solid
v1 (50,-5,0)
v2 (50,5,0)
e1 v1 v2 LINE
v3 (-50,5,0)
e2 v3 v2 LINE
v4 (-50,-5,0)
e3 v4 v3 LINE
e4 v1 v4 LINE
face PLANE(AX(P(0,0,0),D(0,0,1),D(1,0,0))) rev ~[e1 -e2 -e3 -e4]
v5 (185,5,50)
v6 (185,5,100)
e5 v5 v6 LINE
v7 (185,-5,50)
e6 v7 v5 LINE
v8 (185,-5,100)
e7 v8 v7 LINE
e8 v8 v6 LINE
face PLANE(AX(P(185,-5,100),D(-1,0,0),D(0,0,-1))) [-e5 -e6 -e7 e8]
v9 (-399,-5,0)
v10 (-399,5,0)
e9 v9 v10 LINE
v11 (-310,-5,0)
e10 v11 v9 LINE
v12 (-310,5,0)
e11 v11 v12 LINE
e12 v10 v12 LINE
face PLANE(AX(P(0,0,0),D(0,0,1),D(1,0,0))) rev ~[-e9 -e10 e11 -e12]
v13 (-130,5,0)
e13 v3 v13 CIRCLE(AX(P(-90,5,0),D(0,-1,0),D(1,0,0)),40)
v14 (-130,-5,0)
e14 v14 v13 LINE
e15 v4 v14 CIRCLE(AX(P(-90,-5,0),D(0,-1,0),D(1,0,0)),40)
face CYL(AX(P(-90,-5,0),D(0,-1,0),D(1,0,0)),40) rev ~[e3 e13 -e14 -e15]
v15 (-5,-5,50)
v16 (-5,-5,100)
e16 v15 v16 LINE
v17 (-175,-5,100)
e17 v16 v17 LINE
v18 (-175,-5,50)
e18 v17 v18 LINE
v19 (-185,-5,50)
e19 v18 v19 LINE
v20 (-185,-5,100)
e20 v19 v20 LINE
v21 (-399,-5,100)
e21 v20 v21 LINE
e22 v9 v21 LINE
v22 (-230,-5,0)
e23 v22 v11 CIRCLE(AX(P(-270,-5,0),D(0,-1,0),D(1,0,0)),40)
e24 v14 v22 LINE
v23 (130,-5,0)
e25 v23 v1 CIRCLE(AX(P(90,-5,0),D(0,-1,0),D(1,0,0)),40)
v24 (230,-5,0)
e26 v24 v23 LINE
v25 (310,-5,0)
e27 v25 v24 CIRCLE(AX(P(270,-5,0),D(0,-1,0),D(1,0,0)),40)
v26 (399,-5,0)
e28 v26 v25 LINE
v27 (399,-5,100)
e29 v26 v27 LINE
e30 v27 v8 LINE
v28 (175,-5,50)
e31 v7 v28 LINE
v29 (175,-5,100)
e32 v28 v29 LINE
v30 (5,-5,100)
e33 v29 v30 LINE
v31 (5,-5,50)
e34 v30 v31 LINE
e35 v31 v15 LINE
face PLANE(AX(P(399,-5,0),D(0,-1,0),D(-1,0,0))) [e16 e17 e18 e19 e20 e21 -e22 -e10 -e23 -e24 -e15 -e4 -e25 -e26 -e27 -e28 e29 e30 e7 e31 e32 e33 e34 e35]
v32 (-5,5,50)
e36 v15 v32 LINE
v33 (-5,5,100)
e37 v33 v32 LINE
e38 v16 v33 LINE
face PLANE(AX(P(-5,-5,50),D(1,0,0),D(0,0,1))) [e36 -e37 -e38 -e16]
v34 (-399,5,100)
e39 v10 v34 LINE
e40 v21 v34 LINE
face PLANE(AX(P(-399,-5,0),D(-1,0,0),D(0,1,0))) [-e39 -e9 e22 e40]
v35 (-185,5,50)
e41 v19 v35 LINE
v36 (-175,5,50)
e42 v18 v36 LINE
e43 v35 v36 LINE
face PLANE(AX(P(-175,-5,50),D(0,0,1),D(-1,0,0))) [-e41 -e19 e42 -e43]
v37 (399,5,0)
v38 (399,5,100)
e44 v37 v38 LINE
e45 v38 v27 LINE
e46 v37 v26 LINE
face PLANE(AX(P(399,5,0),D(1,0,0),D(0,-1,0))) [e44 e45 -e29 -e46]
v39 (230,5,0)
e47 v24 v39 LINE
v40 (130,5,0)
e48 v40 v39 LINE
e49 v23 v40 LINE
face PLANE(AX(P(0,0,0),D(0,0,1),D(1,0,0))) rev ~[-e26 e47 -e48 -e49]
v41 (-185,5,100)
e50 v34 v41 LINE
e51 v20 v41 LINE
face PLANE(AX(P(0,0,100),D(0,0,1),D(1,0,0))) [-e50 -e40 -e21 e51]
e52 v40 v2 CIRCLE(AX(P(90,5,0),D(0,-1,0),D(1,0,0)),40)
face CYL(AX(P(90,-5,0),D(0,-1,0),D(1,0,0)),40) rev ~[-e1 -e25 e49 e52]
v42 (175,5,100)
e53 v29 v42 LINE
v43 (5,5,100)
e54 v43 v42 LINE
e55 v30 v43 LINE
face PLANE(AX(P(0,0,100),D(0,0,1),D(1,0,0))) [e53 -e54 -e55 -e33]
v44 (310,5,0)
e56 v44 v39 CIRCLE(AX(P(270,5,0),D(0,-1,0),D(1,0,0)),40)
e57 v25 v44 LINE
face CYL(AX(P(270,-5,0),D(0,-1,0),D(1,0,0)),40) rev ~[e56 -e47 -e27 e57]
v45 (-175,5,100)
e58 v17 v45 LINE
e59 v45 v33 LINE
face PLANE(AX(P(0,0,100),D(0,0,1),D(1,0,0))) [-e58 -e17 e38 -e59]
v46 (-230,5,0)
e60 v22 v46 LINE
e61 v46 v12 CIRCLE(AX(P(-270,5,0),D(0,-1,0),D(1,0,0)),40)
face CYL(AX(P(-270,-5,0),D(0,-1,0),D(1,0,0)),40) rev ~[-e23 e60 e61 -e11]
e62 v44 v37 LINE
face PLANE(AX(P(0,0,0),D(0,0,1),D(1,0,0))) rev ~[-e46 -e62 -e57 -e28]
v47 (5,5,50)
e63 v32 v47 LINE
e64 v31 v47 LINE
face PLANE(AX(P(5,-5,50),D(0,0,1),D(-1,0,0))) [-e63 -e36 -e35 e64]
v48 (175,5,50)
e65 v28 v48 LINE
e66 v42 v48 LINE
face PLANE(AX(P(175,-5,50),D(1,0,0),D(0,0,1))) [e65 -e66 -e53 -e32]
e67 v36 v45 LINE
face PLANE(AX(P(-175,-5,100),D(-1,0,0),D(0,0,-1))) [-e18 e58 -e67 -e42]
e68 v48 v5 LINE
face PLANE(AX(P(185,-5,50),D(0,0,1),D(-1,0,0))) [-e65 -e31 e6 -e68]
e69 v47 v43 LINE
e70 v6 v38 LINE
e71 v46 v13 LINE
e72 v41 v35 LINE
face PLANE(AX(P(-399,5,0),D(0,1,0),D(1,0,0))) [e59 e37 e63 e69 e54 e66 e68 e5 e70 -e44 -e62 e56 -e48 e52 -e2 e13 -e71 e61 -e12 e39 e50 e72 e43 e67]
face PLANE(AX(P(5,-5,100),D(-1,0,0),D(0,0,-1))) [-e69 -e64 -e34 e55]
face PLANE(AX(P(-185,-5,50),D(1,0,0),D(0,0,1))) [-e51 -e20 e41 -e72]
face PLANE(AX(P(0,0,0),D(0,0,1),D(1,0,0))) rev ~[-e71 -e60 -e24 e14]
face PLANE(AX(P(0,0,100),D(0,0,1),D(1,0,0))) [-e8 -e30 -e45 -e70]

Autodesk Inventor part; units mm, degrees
ref_plane "YZ Plane" through (0, 0, 0) normal (1, 0, 0) x (0, 1, 0)
ref_plane "XZ Plane" through (0, 0, 0) normal (0, 1, 0) x (-1, 0, 0)
ref_plane "XY Plane" through (0, 0, 0) normal (0, 0, 1) x (1, 0, 0)
sketch "Sketch1" plane through (0, 0, 0) normal (0, 0, 1) x (1, 0, 0)
  circle A0 centre (0, 0) radius 400 construction
  line L0 (-399, 5) -> (399, 5)
  line L1 (399, 5) -> (399, -5)
  line L2 (399, -5) -> (-399, -5)
  line L3 (-399, -5) -> (-399, 5)
  line L4 (-399, 5) -> (399, -5) construction
  dimension "d0" = 800
  dimension "d1" = 10
  dimension "d2" = 798
extrude "Extrusion1" add sketch "Sketch1" along normal blind 100
sketch "Sketch2" plane through (-399, -5, 0) normal (0, -1, 0) x (1, 0, 0)
  circle A0 centre (309, 0) radius 40
  line L0 (0, 0) -> (798, 0) projected
  circle A1 centre (129, 0) radius 40
  circle A2 centre (489, 0) radius 40
  circle A3 centre (669, 0) radius 40
  line L1 (394, 100) -> (404, 100)
  line L2 (404, 100) -> (404, 50)
  line L3 (404, 50) -> (394, 50)
  line L4 (394, 50) -> (394, 100)
  line L5 (0, 100) -> (798, 100) projected
  line L6 (214, 100) -> (224, 100)
  line L7 (224, 100) -> (224, 50)
  line L8 (224, 50) -> (214, 50)
  line L9 (214, 50) -> (214, 100)
  line L10 (574, 100) -> (584, 100)
  line L11 (584, 100) -> (584, 50)
  line L12 (584, 50) -> (574, 50)
  line L13 (574, 50) -> (574, 100)
  point P0 (399, 0)
  point P1 (399, 0)
  point P2 (399, 0)
  point P3 (399, 0)
  point P4 (399, 100)
  point P5 (219, 100)
  point P6 (399, 100)
  point P7 (399, 100)
  point P8 (579, 100)
  point P9 (399, 100)
  point P10 (399, 100)
  point P11 (709, 0)
  point P12 (629, 0)
  point P13 (529, 0)
  point P14 (449, 0)
  point P15 (269, 0)
  point P16 (349, 0)
  point P17 (169, 0)
  point P18 (89, 0)
  dimension "d5" = 80
  dimension "d7" = 90
  dimension "d8" = 80
  dimension "d9" = 180
  dimension "d10" = 80
  dimension "d11" = 80
  dimension "d12" = 90
  dimension "d13" = 180
  dimension "d14" = 10
  dimension "d15" = 50
  dimension "d16" = 180
  dimension "d17" = 10
  dimension "d18" = 50
  dimension "d19" = 180
  dimension "d20" = 10
  dimension "d21" = 50
extrude "Extrusion2" cut sketch "Sketch2" against normal through all contours L0 A0 | L0 A1 | A3 L0 | A2 L0 | L5 L11 L12 L13 | L1 L2 L3 L4 | L7 L8 L9 L5 picked at (302.3333, 20.5179) picked at (130.5738, 20.5179) picked at (658.2131, 7.8371) picked at (497.9217, 9.9086)
equation "\"d17\" = d14"
equation "\"d18\" = d15"
equation "\"d20\" = d14"
equation "\"d21\" = d15"
equation "\"BendReliefWidth\" = Thickness"
equation "\"BendReliefDepth\" = 0.5 * Thickness"
equation "\"CornerReliefSize\" = 4 * Thickness"
equation "\"MinimumRemnant\" = 2 * Thickness"
equation "\"TransitionRadius\" = BendRadius"
equation "\"JacobiRadiusSize\" = BendRadius"
equation "\"GapSize\" = Thickness"
equation "\"Thickness\" = 2"
equation "\"BendRadius\" = 2.75"
properties part number "BSH 083 amplifier bottom" material "Stainless Steel"
